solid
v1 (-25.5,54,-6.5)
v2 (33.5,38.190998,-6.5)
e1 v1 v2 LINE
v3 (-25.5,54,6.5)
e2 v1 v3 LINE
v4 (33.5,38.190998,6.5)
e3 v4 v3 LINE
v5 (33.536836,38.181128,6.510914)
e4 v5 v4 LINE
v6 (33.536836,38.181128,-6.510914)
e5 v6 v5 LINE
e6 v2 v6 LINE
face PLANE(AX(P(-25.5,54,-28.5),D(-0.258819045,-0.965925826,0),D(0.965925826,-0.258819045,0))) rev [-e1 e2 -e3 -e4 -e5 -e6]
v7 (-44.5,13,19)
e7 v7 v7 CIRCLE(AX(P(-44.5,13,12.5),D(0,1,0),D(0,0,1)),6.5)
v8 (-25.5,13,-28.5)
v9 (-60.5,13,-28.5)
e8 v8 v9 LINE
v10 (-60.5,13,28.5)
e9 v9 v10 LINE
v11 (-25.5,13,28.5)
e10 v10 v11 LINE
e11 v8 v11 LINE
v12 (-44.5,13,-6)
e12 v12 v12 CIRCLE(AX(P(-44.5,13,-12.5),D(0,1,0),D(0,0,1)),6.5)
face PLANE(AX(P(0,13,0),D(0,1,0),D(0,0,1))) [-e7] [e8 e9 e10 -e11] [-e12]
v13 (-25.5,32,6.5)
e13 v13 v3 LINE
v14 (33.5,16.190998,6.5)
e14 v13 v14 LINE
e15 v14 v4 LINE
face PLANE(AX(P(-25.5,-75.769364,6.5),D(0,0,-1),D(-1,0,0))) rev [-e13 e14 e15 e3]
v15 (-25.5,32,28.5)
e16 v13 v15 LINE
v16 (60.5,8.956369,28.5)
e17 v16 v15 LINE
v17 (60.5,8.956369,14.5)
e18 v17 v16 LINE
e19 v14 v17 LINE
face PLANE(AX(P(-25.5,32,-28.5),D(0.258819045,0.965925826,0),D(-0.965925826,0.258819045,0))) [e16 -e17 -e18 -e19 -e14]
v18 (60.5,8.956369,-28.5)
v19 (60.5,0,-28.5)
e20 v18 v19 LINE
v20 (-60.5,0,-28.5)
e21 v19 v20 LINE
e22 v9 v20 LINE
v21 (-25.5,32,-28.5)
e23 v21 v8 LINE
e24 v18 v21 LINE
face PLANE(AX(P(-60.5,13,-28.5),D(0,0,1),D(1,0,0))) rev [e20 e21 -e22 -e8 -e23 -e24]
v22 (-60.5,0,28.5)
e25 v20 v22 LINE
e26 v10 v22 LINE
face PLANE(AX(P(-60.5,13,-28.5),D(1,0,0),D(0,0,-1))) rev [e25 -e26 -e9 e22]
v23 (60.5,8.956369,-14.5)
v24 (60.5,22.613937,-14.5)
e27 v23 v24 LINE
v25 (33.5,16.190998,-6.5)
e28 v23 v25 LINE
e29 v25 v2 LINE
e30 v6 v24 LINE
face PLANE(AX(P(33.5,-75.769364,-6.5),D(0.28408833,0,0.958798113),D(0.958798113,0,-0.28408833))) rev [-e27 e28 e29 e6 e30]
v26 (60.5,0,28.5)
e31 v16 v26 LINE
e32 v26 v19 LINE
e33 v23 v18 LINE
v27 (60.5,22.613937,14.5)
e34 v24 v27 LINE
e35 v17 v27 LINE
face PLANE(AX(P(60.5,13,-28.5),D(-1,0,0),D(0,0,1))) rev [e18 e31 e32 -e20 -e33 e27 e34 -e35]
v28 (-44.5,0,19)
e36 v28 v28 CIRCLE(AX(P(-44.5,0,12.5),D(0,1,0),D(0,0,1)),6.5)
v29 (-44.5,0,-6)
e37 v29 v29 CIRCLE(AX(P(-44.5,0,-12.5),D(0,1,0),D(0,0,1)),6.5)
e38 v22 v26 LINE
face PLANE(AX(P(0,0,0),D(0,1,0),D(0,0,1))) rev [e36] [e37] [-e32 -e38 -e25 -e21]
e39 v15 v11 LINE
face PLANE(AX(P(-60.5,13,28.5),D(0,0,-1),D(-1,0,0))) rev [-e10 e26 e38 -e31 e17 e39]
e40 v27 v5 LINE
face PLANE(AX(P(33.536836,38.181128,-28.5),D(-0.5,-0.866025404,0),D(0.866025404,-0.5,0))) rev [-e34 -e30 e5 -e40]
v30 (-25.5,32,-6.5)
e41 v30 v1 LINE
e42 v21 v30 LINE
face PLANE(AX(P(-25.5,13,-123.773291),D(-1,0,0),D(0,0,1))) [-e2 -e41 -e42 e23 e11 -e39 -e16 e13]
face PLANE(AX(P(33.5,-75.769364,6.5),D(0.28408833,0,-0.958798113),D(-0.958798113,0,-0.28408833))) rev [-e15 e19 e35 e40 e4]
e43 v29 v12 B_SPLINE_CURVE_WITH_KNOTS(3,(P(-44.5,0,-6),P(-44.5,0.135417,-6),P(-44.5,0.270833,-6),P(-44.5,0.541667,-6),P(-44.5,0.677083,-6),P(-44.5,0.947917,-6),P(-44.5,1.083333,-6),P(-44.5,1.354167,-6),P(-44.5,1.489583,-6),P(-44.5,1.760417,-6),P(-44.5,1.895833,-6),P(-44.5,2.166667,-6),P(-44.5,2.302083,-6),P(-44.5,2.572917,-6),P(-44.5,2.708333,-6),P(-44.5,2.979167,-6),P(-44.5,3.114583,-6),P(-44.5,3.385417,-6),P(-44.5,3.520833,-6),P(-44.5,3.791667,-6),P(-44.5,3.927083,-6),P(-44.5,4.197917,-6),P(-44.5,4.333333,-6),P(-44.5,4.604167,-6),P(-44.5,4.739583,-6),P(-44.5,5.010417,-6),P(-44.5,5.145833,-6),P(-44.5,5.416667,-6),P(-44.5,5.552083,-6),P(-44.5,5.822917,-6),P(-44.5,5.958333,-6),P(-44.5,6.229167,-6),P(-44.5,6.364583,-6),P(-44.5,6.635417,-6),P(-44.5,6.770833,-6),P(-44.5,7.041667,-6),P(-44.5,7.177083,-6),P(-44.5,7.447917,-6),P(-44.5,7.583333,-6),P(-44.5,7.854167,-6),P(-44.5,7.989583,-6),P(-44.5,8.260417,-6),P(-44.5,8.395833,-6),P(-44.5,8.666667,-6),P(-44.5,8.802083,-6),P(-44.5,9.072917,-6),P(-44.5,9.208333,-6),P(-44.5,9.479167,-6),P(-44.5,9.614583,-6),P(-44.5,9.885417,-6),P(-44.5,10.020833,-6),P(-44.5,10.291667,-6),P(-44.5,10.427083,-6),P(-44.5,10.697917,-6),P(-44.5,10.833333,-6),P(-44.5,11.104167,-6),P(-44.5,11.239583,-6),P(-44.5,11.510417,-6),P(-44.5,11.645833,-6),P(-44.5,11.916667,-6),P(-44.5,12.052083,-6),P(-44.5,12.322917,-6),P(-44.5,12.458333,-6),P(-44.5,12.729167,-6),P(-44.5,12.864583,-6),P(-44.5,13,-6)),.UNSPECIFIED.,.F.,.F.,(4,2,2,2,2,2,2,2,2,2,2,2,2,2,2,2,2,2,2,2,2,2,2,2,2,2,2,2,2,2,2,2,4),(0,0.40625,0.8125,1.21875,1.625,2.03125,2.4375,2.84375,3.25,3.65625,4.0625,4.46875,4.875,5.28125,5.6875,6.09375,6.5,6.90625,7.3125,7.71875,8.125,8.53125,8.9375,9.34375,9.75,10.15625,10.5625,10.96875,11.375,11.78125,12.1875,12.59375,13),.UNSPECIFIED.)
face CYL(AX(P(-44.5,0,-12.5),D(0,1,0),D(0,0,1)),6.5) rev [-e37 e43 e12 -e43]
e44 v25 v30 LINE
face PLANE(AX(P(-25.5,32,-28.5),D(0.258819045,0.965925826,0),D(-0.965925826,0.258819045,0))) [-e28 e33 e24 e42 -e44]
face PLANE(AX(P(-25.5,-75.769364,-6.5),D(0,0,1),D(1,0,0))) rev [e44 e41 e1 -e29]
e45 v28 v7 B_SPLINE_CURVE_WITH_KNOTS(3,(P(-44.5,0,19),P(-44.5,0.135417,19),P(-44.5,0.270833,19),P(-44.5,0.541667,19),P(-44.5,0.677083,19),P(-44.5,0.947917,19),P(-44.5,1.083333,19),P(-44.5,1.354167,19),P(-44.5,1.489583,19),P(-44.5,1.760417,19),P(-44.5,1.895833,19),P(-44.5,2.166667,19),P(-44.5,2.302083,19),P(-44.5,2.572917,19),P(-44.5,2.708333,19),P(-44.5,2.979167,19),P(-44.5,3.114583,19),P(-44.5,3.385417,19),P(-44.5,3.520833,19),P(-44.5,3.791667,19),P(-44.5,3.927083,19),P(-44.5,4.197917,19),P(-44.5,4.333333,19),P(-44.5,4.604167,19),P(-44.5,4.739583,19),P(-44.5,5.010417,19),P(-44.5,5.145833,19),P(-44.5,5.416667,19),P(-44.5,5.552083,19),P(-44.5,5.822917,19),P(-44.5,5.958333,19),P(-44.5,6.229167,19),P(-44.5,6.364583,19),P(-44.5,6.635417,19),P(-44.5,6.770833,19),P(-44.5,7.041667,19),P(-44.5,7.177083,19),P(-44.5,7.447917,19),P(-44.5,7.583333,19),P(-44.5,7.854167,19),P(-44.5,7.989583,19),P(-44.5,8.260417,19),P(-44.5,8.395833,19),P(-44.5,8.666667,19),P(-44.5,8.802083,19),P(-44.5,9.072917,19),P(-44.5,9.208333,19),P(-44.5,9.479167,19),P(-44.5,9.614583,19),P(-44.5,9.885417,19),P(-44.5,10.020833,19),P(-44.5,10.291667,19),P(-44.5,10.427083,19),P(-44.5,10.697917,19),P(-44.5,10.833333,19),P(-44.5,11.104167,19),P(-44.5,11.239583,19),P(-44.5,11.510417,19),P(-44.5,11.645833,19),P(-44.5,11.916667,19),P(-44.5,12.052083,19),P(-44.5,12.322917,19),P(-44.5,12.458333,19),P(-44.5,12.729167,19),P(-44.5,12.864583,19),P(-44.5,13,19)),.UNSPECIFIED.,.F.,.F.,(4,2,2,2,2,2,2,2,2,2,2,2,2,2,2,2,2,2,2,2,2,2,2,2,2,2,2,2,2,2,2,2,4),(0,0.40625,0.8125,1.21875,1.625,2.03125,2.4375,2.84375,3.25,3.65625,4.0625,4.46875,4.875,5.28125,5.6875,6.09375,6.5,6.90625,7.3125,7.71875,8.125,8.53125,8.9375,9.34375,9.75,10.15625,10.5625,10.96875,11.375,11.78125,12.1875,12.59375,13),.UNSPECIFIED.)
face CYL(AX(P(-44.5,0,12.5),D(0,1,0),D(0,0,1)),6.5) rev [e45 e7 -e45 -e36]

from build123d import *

# Parameters (mm, degrees)
SKETCH1_W           = 121
SKETCH1_H           = 57
BOSS_EXTRUDE1_DEPTH = 13
SKETCH3_W           = 86
SKETCH3_H           = 41
BOSS_EXTRUDE2_DEPTH = 57
CUT_EXTRUDE1_DEPTH  = 41
BOSS_EXTRUDE3_START = -57
BOSS_EXTRUDE3_DEPTH = 57
CUT_EXTRUDE3_DEPTH  = 100.122399083
CUT_EXTRUDE4_REACH  = 101.122
CUT_EXTRUDE5_REACH  = 101.122
SKETCH10_R          = 6.5
CUT_EXTRUDE6_DEPTH  = 79.444247718


with BuildPart() as part:
    # Sketch1 → Boss-Extrude1 (new body)
    with BuildSketch(Plane(origin=(0, 0, 0), x_dir=(1, 0, 0), z_dir=(0, 1, 0))):
        Rectangle(SKETCH1_W, SKETCH1_H)
    extrude(amount=BOSS_EXTRUDE1_DEPTH)

    # Sketch3 → Boss-Extrude2 (add)
    with BuildSketch(Plane.XY.offset(28.5)):
        with Locations((17.5, 33.5)):
            Rectangle(SKETCH3_W, SKETCH3_H)
    extrude(amount=-BOSS_EXTRUDE2_DEPTH)

    # Sketch5 → Cut-Extrude1 (cut)
    with BuildSketch(Plane(origin=(0, 54, 0), x_dir=(1, 0, 0), z_dir=(0, 1, 0))):
        Polygon((-25.5, -6.5), (33.5, -6.5), (60.5, -14.5), (60.5, -28.5), (-25.5, -28.5), align=None)
        Polygon((33.5, 6.5), (60.5, 14.5), (60.5, 28.5), (-25.5, 28.5), (-25.5, 6.5), align=None)
    extrude(amount=-CUT_EXTRUDE1_DEPTH, mode=Mode.SUBTRACT)

    # Sketch6 → Boss-Extrude3 (add)
    with BuildSketch(Plane.XY.offset(28.5).offset(BOSS_EXTRUDE3_START)):
        Polygon((-25.5, 32), (60.5, 8.956369451), (-25.5, 13), align=None)
    extrude(amount=BOSS_EXTRUDE3_DEPTH)

    # Sketch7 → Cut-Extrude3 (cut, through all)
    with BuildSketch(Plane.XY.offset(28.5)):
        Polygon((-25.5, 54), (33.536835762, 38.181127534), (60.5, 22.613937403), (60.5, 54), align=None)
    extrude(amount=-CUT_EXTRUDE3_DEPTH, mode=Mode.SUBTRACT)

    # Cut-Extrude4: up to this face of the body (flat: up to its plane)
    cut_extrude4_end = Plane(part.part.faces().sort_by_distance((45.301820021, 22.632080787, 9.996835562))[0])
    # Sketch8 → Cut-Extrude4 (cut, up to the picked face)
    with BuildSketch(Plane.XY.offset(28.5), mode=Mode.PRIVATE) as cut_extrude4_sk1:
        Polygon((45.408965344, 13), (60.5, 13), (60.5, 8.956369451), align=None)
    cut_extrude4_tool1 = split(extrude(cut_extrude4_sk1.sketch, amount=-CUT_EXTRUDE4_REACH, mode=Mode.PRIVATE), bisect_by=cut_extrude4_end, keep=Keep.BOTH, mode=Mode.PRIVATE)
    add(cut_extrude4_tool1.solids().sort_by(Axis((55.469655, 11.652123, 28.5), (0, 0, -1)))[0], mode=Mode.SUBTRACT)

    # Cut-Extrude5: up to this face of the body (flat: up to its plane)
    cut_extrude5_end = Plane(part.part.faces().sort_by_distance((45.301820021, 22.632080787, -9.996835562))[0])
    # Sketch9 → Cut-Extrude5 (cut, up to the picked face)
    with BuildSketch(Plane(origin=(0, 0, -28.5), x_dir=(-1, 0, 0), z_dir=(0, 0, -1)), mode=Mode.PRIVATE) as cut_extrude5_sk1:
        Polygon((-45.408965344, 13), (-60.5, 13), (-60.5, 8.956369451), align=None)
    cut_extrude5_tool1 = split(extrude(cut_extrude5_sk1.sketch, amount=-CUT_EXTRUDE5_REACH, mode=Mode.PRIVATE), bisect_by=cut_extrude5_end, keep=Keep.BOTH, mode=Mode.PRIVATE)
    add(cut_extrude5_tool1.solids().sort_by(Axis((55.469655, 11.652123, -28.5), (0, 0, 1)))[0], mode=Mode.SUBTRACT)

    # Sketch10 → Cut-Extrude6 (cut, through all)
    with BuildSketch(Plane(origin=(0, 13, 0), x_dir=(1, 0, 0), z_dir=(0, 1, 0))):
        with Locations(Location((-44.5, 12.5, 0), (0, 0, 270))):
            Circle(SKETCH10_R)
        with Locations(Location((-44.5, -12.5, 0), (0, 0, 270))):
            Circle(SKETCH10_R)
    extrude(amount=-CUT_EXTRUDE6_DEPTH, mode=Mode.SUBTRACT)


solid = part.part
